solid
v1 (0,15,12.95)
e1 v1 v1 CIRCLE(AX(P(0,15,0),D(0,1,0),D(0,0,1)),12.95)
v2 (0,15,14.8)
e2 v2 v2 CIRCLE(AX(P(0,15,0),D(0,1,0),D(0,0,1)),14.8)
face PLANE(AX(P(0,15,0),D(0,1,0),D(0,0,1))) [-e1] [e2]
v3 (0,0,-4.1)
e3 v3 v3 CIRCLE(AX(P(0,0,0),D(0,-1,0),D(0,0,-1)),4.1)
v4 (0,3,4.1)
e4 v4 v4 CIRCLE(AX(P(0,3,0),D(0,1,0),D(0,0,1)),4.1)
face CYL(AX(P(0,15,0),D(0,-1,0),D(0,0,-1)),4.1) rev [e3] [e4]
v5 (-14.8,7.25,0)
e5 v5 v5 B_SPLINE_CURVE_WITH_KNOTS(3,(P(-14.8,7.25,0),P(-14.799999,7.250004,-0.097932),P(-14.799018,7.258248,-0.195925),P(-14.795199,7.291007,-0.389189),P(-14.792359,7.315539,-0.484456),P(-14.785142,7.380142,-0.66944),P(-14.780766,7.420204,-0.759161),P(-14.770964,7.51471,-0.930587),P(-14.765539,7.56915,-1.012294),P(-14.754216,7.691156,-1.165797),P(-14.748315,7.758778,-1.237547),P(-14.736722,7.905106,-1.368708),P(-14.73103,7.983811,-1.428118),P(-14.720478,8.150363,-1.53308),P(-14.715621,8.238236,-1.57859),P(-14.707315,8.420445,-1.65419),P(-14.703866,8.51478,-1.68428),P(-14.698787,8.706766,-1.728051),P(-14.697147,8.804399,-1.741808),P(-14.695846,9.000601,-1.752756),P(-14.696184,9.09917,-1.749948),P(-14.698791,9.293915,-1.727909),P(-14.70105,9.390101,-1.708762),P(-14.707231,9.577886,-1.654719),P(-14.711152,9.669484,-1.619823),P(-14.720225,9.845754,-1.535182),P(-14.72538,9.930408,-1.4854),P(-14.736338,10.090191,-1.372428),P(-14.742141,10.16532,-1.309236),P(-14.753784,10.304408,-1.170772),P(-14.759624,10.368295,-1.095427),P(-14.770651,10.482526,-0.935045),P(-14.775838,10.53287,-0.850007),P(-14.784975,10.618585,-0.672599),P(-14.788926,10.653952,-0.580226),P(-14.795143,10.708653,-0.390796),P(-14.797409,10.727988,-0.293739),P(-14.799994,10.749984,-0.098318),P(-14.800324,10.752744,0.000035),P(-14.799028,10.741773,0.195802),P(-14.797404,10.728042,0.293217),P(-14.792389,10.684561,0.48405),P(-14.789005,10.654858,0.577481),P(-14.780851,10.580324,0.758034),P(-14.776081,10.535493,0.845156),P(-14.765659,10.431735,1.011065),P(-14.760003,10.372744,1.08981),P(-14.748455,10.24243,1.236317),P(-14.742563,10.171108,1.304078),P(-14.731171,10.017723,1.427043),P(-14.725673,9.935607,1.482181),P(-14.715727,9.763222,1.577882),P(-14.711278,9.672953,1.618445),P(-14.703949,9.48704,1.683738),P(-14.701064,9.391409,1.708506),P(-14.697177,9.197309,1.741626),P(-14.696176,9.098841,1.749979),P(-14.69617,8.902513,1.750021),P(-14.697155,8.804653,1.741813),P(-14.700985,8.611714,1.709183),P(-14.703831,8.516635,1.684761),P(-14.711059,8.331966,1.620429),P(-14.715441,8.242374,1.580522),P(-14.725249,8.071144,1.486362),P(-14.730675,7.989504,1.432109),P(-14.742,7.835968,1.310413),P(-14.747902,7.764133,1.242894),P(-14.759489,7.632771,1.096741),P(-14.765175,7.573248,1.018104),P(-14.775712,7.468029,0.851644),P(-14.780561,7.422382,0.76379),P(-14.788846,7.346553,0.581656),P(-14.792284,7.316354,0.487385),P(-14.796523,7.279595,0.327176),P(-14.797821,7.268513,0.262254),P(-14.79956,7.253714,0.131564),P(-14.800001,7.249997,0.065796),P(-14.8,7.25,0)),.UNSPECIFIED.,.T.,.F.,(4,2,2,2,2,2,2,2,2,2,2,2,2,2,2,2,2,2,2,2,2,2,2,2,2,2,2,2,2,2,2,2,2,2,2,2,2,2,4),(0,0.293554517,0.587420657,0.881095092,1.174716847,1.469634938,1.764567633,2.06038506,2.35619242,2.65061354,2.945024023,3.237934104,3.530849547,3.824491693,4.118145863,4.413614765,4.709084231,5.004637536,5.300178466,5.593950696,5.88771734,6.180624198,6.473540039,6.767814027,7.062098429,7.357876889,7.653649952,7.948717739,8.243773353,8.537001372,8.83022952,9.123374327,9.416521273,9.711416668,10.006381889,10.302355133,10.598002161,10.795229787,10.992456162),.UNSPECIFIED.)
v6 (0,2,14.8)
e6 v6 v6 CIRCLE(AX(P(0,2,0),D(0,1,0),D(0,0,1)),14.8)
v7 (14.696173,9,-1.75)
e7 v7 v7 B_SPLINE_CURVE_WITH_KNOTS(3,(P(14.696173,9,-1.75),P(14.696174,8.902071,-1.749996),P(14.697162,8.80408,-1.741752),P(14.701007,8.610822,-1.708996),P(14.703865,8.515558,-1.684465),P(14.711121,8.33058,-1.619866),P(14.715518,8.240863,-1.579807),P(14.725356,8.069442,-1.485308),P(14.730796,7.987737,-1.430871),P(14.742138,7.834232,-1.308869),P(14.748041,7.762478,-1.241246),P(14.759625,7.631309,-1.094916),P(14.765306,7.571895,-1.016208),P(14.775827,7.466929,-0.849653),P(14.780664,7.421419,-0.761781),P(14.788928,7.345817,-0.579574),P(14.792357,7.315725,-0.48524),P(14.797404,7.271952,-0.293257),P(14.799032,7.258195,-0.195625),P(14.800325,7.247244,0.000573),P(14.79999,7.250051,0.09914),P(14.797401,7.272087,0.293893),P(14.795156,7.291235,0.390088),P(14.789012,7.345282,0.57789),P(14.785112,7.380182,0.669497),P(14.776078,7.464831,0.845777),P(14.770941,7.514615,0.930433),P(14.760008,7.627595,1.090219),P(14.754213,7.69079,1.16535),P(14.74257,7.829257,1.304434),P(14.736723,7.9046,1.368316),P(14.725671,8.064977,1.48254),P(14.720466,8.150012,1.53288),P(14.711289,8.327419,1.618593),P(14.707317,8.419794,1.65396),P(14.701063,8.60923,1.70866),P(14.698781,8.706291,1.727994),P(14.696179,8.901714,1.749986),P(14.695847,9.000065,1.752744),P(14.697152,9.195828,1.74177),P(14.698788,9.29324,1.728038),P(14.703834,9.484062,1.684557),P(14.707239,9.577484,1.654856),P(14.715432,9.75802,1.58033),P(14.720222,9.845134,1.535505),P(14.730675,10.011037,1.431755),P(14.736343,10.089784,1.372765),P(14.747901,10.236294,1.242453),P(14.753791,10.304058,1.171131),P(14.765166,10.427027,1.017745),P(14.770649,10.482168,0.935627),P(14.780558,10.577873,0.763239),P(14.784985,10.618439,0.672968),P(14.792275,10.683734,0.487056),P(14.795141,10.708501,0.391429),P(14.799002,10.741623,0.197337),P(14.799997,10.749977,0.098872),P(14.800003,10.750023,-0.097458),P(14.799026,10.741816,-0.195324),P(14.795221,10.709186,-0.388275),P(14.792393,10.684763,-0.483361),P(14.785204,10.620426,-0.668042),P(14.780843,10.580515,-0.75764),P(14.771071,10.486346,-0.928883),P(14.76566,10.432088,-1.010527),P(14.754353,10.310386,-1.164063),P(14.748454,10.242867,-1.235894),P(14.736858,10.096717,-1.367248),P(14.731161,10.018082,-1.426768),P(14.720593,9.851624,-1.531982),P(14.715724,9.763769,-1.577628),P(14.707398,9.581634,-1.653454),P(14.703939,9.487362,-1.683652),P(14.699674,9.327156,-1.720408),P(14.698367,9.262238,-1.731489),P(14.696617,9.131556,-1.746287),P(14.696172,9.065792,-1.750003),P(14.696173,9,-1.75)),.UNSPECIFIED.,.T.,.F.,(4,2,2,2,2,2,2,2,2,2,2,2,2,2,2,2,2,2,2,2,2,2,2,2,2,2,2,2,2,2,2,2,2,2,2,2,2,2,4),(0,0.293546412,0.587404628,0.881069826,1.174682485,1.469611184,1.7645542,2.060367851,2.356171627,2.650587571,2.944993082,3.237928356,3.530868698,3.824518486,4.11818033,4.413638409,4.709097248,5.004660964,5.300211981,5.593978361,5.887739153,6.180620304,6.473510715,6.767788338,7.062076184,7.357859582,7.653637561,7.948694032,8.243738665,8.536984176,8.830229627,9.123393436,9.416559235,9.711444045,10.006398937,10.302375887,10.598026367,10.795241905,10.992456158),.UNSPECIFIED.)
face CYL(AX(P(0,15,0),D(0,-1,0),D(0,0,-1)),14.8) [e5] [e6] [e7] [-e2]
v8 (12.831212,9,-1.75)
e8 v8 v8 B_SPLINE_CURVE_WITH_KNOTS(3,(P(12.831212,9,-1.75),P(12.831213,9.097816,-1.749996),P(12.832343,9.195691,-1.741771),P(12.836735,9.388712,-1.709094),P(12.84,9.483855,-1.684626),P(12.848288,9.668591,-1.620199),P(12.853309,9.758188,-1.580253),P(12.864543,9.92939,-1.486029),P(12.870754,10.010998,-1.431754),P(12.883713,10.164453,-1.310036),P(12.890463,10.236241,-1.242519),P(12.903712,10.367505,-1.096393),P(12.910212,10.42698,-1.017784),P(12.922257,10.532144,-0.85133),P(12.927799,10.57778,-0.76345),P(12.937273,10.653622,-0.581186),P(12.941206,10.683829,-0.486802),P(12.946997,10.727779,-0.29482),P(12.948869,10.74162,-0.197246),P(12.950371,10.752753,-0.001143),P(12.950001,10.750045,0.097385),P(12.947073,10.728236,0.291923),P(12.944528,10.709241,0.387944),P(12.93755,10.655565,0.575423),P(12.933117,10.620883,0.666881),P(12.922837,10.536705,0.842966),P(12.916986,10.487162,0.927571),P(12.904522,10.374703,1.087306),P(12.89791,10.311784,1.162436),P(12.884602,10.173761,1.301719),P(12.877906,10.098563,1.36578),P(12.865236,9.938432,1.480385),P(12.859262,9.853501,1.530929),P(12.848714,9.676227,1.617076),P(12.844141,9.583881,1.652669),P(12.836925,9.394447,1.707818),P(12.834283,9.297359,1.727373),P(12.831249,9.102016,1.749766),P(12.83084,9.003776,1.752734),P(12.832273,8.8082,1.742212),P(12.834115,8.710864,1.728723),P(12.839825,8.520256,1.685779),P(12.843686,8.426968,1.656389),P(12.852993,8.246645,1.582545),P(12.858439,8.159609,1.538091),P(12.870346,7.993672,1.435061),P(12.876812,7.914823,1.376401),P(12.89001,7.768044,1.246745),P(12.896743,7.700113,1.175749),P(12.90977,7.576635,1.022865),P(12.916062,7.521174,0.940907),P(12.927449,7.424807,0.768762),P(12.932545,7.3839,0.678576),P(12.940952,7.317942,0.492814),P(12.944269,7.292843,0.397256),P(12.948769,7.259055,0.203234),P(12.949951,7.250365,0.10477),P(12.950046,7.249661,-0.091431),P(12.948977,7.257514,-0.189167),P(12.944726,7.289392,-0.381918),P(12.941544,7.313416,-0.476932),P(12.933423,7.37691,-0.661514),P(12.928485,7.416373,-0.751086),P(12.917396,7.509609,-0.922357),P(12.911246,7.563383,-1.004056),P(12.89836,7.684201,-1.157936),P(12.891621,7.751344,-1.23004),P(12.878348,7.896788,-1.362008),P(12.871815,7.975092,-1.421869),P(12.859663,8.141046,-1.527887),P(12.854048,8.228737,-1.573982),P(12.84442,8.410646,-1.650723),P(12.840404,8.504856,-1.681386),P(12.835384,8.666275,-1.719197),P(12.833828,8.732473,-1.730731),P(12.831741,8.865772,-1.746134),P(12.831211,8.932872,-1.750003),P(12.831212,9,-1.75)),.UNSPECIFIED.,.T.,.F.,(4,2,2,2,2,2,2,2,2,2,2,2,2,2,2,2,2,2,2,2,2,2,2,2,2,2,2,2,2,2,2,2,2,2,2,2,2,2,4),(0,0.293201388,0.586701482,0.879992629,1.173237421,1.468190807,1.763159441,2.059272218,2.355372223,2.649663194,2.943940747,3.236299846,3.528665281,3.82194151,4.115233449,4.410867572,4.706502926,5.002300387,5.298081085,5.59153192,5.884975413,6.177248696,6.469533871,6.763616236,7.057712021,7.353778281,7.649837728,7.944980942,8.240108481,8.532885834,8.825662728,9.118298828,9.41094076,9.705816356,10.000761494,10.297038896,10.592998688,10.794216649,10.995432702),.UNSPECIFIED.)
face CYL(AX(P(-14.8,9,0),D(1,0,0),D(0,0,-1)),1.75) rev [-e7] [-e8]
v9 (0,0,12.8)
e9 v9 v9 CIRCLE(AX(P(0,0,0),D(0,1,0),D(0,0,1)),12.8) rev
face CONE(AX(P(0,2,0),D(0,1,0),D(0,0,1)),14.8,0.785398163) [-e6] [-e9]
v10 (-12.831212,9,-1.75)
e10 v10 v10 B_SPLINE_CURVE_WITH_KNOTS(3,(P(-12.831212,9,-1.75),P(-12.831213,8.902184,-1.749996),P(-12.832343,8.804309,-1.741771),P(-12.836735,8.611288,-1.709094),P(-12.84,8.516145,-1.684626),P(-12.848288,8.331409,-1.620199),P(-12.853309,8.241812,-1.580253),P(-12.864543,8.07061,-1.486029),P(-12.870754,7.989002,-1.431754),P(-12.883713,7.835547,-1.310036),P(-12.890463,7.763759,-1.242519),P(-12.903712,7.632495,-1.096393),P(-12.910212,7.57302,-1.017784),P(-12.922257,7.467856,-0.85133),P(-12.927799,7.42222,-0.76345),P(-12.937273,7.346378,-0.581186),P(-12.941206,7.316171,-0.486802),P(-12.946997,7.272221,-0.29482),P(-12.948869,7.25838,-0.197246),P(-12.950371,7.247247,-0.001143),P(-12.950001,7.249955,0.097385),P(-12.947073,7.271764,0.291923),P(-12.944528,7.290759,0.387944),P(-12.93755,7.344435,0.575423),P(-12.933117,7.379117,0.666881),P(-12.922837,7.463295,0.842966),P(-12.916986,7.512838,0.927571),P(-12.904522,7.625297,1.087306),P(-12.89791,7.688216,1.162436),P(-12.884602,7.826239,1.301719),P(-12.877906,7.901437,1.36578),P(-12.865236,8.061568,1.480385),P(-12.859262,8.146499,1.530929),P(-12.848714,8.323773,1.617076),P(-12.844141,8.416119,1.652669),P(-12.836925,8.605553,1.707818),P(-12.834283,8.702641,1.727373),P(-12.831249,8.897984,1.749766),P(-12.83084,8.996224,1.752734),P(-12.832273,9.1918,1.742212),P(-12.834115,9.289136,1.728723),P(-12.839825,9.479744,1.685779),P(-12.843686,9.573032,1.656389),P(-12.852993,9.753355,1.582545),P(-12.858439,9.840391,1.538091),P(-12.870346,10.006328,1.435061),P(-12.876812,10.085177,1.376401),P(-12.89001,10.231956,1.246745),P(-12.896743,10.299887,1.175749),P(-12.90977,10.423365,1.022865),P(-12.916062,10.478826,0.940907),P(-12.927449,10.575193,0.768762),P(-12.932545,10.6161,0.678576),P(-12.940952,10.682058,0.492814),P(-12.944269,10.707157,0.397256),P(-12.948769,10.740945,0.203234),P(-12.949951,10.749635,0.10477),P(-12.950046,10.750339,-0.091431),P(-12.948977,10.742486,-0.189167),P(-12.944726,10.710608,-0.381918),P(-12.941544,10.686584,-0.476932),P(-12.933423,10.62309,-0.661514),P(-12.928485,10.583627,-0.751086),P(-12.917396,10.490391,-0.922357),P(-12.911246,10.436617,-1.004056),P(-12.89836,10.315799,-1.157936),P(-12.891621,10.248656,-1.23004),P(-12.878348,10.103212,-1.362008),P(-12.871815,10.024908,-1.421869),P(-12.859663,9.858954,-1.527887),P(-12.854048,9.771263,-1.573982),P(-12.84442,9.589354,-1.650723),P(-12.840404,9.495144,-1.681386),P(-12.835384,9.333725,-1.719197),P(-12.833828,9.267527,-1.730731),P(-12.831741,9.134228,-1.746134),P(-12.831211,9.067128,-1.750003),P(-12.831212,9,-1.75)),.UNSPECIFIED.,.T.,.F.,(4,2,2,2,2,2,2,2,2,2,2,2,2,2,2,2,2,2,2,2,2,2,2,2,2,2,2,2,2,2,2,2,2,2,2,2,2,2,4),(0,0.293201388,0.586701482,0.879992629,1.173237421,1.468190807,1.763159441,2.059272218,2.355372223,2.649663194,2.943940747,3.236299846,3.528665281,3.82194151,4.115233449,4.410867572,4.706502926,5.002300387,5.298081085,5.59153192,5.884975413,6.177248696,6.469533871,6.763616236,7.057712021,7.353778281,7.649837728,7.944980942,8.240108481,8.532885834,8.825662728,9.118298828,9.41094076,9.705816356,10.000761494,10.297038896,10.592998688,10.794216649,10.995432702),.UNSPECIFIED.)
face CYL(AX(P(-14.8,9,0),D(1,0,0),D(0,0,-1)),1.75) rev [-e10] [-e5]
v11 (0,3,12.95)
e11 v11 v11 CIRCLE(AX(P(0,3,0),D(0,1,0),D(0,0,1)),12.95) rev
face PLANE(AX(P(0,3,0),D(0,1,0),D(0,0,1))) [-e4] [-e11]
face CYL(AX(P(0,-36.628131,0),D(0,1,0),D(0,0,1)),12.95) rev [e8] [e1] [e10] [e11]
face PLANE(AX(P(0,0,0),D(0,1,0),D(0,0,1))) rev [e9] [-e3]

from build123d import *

# Parameters (mm, degrees)
SKETCH1_R               = 14.8
BOSS_EXTRUDE1_DEPTH     = 15
SKETCH2_R               = 12.95
CUT_EXTRUDE1_DEPTH      = 12
SKETCH3_R               = 1.75
CUT_EXTRUDE2_DEPTH      = 15.8
CUT_EXTRUDE2_DEPTH_BACK = 15.8
SKETCH4_R               = 4.1
CUT_EXTRUDE3_DEPTH      = 16.0000001
CHAMFER1_SIZE           = 2


with BuildPart() as part:
    # Sketch1 → Boss-Extrude1 (new body)
    with BuildSketch(Plane(origin=(0, 0, 0), x_dir=(1, 0, 0), z_dir=(0, 1, 0))):
        Circle(SKETCH1_R)
    extrude(amount=BOSS_EXTRUDE1_DEPTH)

    # Sketch2 → Cut-Extrude1 (cut)
    with BuildSketch(Plane(origin=(0, 15, 0), x_dir=(1, 0, 0), z_dir=(0, 1, 0))):
        Circle(SKETCH2_R)
    extrude(amount=-CUT_EXTRUDE1_DEPTH, mode=Mode.SUBTRACT)

    # Sketch3 → Cut-Extrude2 (cut, two sides)
    with BuildSketch(Plane(origin=(0, 0, 0), x_dir=(0, 0, -1), z_dir=(1, 0, 0))) as cut_extrude2_sk:
        with Locations((0, 9)):
            Circle(SKETCH3_R)
    extrude(amount=CUT_EXTRUDE2_DEPTH, mode=Mode.SUBTRACT)
    extrude(cut_extrude2_sk.sketch, amount=-CUT_EXTRUDE2_DEPTH_BACK, mode=Mode.SUBTRACT)

    # Sketch4 → Cut-Extrude3 (cut, through all)
    with BuildSketch(Plane.XZ):
        Circle(SKETCH4_R)
    extrude(amount=-CUT_EXTRUDE3_DEPTH, mode=Mode.SUBTRACT)

    # Chamfer1
    chamfer1_edges = [part.edges().sort_by_distance(p)[0] for p in [
        (-14.8, 0, 0),
    ]]
    chamfer(chamfer1_edges, length=CHAMFER1_SIZE)


solid = part.part
